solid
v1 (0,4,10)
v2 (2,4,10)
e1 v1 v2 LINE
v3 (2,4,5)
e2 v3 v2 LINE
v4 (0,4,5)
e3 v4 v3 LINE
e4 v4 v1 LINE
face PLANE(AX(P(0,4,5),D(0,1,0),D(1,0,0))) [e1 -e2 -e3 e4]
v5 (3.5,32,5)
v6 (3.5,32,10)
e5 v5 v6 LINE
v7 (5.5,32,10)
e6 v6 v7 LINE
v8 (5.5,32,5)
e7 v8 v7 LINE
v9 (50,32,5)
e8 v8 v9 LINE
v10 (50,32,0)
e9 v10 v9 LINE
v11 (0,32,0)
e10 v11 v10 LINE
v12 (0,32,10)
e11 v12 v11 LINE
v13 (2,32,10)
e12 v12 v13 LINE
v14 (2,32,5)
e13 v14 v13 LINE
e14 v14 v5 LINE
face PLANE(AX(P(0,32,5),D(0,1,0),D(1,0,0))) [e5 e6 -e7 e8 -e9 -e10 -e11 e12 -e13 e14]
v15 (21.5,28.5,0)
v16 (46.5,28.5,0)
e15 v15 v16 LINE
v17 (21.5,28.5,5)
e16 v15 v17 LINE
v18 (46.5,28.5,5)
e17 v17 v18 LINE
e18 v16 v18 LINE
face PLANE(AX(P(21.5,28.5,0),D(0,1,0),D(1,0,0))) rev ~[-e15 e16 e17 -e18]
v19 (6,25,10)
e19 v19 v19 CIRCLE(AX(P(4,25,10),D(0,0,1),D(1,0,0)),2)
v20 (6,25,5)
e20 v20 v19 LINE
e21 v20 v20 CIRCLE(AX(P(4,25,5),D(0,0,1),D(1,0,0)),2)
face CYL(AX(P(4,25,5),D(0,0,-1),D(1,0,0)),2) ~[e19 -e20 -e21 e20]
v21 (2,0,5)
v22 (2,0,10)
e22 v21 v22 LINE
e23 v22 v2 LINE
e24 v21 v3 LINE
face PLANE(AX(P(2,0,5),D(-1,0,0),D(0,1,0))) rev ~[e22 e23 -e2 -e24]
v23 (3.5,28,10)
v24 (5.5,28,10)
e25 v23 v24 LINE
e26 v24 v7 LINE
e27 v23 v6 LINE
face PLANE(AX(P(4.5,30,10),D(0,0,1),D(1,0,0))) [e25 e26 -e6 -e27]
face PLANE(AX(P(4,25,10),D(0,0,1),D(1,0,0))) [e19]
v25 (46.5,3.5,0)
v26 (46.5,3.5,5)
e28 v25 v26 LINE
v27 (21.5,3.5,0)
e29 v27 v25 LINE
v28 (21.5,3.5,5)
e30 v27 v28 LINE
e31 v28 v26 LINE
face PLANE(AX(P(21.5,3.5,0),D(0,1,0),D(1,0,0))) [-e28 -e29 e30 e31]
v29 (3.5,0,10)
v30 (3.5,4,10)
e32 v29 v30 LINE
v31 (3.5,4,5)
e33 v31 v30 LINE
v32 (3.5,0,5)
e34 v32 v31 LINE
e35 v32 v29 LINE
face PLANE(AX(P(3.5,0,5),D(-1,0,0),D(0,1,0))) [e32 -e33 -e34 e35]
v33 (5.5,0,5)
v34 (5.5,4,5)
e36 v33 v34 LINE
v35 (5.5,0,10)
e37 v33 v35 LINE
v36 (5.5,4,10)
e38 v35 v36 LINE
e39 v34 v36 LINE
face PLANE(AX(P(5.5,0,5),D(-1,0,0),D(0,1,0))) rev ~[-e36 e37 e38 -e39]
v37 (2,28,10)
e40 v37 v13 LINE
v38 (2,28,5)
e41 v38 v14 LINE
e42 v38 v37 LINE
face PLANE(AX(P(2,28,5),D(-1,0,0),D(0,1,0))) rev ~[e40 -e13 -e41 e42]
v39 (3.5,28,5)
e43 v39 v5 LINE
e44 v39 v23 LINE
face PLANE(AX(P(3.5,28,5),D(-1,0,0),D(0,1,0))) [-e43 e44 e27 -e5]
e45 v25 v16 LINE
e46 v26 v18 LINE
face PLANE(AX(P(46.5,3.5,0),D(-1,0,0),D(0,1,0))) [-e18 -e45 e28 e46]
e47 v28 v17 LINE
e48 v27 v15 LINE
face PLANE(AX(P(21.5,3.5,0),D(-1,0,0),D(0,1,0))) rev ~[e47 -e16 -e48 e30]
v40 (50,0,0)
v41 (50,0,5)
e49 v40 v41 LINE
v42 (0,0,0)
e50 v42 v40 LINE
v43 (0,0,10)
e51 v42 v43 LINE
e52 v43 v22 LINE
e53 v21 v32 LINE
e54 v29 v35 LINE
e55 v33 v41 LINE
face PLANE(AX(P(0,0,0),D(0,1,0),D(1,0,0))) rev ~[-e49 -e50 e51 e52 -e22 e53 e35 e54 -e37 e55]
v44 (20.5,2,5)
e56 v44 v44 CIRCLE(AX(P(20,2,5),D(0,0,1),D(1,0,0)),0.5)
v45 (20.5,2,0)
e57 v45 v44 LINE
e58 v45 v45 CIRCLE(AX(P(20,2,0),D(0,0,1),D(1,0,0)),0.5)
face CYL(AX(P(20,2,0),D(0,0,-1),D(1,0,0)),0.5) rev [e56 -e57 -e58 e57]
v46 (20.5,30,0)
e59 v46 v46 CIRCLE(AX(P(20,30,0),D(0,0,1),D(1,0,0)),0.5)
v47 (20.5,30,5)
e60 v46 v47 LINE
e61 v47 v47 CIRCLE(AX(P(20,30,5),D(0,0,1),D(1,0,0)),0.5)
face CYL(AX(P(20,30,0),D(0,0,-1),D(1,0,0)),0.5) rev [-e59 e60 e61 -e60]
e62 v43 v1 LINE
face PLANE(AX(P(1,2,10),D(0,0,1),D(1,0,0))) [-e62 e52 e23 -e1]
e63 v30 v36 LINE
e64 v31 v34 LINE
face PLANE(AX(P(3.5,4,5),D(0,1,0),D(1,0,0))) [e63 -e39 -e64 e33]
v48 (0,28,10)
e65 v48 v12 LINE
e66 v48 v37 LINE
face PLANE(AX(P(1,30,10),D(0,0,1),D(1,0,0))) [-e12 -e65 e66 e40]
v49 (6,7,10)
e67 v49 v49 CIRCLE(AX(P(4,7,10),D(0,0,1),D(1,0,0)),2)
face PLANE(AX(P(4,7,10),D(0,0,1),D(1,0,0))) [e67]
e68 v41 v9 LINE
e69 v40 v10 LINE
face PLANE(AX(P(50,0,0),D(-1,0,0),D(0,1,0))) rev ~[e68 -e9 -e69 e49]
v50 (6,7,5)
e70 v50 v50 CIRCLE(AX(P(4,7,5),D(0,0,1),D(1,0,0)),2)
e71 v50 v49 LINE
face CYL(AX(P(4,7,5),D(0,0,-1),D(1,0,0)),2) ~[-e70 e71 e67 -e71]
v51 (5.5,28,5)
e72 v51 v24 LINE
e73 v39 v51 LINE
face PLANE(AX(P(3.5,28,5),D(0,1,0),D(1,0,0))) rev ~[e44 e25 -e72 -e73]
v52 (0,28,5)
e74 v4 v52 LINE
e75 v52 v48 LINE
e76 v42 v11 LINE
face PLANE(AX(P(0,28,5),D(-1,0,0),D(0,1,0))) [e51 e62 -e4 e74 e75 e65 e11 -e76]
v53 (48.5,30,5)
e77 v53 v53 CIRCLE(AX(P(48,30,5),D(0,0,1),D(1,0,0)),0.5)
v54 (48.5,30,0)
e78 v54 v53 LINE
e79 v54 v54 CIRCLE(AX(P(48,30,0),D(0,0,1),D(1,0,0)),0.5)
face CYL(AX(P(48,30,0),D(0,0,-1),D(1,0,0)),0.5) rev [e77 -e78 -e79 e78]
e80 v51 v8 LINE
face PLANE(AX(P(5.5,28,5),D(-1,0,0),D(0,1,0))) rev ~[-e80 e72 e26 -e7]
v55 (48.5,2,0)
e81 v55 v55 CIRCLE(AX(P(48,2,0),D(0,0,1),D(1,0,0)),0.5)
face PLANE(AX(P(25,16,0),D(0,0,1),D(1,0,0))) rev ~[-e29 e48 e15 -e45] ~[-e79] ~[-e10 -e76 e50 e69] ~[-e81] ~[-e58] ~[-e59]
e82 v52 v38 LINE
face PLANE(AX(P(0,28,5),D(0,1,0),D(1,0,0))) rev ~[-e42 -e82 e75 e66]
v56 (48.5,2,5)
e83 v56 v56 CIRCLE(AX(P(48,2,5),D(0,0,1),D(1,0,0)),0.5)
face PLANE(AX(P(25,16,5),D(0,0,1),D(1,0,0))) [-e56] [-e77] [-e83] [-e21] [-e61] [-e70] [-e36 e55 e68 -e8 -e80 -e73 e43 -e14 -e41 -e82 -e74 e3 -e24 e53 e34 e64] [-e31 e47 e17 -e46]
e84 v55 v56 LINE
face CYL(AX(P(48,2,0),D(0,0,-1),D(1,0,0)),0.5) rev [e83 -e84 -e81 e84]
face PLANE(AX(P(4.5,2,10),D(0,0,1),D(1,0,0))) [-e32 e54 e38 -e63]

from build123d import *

# Parameters (mm, degrees)
F0_W     = 50
F0_H     = 32
F0_R     = 0.5
F0_W_2   = 25
F0_H_2   = 25
F1_DEPTH = 5
F2_W     = 2
F2_H     = 4
F2_R     = 2
F3_DEPTH = 5


with BuildPart() as f1:
    # F0 (on Top) → F1 (new body)
    with BuildSketch(Plane.XY):
        with Locations((25, 16)):
            Rectangle(F0_W, F0_H)
        with Locations((20, 2)):
            Circle(F0_R, mode=Mode.SUBTRACT)
        with Locations((48, 2)):
            Circle(F0_R, mode=Mode.SUBTRACT)
        with Locations((20, 30)):
            Circle(F0_R, mode=Mode.SUBTRACT)
        with Locations((34, 16)):
            Rectangle(F0_W_2, F0_H_2, mode=Mode.SUBTRACT)
        with Locations((48, 30)):
            Circle(F0_R, mode=Mode.SUBTRACT)
    extrude(amount=F1_DEPTH)

    # F2 (on face) → F3 (join)
    with BuildSketch(Plane.XY.offset(5)):
        with Locations((1, 30)):
            Rectangle(F2_W, F2_H)
        with Locations((4.5, 30)):
            Rectangle(F2_W, F2_H)
        with Locations((4, 25)):
            Circle(F2_R)
        with Locations((1, 2)):
            Rectangle(F2_W, F2_H)
        with Locations((4.5, 2)):
            Rectangle(F2_W, F2_H)
        with Locations((4, 7)):
            Circle(F2_R)
    extrude(amount=F3_DEPTH)


solid = f1.part
